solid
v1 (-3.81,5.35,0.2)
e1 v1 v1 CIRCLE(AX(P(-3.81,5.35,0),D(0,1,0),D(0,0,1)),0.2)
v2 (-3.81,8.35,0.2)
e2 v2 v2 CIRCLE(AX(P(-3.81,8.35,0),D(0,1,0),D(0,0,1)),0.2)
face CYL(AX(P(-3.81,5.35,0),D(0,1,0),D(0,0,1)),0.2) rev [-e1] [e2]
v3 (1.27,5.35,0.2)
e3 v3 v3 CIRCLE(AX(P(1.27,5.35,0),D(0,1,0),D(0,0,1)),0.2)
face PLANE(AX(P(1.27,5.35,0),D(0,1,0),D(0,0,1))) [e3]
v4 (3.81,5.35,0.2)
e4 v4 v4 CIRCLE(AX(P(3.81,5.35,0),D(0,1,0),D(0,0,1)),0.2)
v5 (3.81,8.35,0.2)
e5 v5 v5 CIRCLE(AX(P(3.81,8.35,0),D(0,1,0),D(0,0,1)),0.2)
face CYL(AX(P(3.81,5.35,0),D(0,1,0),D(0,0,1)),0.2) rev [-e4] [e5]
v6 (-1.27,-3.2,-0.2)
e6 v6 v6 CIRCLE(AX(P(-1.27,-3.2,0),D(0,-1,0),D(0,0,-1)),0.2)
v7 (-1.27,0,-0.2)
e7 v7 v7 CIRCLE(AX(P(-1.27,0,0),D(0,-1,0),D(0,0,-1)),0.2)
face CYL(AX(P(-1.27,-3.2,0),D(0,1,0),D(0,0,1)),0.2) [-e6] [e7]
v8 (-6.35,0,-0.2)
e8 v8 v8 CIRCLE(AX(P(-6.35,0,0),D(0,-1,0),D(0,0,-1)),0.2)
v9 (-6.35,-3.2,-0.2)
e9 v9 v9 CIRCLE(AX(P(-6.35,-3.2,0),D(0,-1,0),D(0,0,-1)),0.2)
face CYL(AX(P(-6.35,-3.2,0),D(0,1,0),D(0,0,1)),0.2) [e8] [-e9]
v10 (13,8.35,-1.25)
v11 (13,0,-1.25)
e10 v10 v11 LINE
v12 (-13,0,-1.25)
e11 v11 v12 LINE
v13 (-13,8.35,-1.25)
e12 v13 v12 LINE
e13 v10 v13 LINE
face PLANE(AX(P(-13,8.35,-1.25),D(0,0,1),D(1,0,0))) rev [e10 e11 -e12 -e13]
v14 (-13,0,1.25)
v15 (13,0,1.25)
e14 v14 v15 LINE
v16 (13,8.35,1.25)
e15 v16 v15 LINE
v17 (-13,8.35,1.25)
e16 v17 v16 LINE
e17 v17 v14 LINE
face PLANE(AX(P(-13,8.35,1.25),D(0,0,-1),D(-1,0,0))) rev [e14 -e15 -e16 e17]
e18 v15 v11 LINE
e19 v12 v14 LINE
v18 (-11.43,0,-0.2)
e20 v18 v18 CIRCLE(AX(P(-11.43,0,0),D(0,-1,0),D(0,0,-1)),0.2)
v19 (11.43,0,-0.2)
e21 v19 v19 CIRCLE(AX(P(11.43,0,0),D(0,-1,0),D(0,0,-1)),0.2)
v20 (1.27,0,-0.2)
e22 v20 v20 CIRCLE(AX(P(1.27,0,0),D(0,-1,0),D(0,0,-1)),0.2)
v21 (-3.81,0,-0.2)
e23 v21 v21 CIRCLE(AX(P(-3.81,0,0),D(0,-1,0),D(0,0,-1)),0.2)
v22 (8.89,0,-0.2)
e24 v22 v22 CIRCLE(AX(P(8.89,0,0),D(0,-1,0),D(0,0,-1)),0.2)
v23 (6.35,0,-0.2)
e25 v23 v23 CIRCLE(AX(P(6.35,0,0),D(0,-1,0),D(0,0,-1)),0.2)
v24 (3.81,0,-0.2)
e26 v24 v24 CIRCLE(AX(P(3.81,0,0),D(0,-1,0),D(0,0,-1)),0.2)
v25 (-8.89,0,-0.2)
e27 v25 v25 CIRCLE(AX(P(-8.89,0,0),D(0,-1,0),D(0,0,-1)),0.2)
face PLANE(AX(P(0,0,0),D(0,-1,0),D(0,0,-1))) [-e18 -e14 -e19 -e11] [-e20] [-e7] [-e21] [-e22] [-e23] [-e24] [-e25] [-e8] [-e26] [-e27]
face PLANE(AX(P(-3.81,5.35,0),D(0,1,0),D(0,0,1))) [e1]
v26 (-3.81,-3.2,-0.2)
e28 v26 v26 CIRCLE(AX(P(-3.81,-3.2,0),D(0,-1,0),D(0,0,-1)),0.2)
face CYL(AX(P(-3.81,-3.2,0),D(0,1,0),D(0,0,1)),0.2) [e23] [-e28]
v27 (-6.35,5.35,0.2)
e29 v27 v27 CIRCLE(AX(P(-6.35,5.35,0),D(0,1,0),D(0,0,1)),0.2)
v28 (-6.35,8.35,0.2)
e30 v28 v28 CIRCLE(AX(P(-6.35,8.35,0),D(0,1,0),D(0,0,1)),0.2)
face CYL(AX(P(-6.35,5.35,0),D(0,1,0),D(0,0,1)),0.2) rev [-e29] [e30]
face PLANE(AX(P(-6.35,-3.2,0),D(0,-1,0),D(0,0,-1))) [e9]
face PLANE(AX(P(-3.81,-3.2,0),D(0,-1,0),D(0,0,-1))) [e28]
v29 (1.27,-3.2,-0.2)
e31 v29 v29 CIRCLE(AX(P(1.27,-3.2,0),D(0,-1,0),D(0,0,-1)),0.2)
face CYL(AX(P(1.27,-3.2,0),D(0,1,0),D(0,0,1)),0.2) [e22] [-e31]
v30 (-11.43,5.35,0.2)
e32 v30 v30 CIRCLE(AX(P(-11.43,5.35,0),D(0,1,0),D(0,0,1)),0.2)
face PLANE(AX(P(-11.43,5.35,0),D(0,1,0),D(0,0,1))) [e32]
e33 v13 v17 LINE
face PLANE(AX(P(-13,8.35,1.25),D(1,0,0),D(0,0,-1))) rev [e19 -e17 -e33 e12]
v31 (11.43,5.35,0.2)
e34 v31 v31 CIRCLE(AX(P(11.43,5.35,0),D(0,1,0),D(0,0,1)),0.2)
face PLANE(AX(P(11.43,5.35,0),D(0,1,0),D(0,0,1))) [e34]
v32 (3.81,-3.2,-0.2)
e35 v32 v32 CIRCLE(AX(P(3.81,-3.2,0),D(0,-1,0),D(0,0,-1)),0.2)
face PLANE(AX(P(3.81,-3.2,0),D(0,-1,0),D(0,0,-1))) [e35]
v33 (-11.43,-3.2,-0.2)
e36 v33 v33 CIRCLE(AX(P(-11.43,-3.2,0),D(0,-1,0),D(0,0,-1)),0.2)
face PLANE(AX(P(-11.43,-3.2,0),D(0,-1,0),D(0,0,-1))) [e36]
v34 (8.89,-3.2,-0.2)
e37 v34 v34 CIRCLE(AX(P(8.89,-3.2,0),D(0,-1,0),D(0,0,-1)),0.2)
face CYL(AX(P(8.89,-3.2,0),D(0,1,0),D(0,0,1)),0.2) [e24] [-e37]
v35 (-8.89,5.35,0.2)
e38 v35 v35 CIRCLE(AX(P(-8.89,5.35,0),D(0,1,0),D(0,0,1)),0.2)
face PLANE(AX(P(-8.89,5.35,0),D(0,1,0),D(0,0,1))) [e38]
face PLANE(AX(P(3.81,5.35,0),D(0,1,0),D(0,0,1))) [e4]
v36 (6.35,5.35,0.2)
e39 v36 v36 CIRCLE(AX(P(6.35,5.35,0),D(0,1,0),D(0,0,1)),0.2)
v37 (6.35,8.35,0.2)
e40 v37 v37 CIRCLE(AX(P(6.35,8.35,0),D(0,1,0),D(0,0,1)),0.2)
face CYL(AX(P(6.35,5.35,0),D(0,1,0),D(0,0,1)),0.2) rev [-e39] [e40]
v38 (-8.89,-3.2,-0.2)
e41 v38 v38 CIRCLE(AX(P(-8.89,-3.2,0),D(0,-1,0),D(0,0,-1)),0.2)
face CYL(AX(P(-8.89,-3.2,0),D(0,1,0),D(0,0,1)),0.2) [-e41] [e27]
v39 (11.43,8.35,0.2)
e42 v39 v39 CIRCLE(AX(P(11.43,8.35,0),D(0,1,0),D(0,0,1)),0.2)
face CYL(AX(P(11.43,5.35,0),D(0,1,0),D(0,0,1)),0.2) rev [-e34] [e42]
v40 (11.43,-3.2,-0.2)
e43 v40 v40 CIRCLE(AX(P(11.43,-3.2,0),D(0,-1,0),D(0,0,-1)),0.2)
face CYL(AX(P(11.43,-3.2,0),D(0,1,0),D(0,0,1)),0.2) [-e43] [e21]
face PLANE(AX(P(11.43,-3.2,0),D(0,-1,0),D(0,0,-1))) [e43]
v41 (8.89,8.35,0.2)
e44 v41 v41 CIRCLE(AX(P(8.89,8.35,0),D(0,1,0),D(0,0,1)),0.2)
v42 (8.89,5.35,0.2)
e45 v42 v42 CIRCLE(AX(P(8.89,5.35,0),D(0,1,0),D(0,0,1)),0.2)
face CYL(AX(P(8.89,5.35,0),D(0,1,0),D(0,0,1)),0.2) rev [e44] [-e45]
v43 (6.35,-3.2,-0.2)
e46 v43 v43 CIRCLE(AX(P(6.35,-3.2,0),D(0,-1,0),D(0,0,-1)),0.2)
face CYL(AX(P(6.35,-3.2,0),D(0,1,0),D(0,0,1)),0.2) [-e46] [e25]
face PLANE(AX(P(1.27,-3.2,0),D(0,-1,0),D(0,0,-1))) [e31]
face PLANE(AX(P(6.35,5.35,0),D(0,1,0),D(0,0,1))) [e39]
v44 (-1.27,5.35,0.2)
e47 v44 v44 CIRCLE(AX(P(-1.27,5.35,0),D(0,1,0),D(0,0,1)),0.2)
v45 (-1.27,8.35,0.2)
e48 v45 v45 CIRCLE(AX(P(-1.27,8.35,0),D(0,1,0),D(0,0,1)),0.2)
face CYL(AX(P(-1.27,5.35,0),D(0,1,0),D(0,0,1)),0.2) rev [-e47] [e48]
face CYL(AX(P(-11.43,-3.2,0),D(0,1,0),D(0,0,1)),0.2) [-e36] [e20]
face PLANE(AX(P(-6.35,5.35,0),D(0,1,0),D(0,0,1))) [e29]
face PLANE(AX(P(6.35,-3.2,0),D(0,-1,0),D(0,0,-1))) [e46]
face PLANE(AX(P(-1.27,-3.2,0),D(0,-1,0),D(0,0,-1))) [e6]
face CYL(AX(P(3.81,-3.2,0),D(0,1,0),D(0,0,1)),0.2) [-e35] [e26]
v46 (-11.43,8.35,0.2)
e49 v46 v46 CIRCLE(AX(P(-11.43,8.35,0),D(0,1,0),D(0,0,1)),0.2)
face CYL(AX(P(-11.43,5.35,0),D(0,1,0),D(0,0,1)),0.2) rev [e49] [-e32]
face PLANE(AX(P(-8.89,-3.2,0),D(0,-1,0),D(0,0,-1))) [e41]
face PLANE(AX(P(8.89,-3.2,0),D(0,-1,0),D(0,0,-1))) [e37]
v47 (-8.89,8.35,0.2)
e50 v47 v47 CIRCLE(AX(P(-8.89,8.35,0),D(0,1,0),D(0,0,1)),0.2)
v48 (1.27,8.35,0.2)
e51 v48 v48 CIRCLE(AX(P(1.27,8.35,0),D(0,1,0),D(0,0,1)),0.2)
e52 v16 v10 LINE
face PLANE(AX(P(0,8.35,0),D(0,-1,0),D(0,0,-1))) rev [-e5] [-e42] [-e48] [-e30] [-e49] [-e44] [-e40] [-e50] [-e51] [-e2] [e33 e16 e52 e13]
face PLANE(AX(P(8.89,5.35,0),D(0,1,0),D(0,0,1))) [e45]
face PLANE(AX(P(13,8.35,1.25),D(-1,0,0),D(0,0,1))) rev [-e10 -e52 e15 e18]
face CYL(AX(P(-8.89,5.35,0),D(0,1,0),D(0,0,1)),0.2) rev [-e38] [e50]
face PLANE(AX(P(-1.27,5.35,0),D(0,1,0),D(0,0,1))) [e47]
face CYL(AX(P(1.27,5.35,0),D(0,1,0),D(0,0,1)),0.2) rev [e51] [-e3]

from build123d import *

# Parameters (mm, degrees)
SKETCH1_W           = 26
SKETCH1_H           = 2.5
BOSS_EXTRUDE1_DEPTH = 8.35
SKETCH2_R           = 0.2
CUT_EXTRUDE1_DEPTH  = 3
SKETCH3_R           = 0.2
BOSS_EXTRUDE2_DEPTH = 3.2
LPATTERN1_COUNT     = 10
LPATTERN1_PITCH     = 2.54


with BuildPart() as part:
    # Sketch1 → Boss-Extrude1 (new body)
    with BuildSketch(Plane(origin=(0, 0, 0), x_dir=(1, 0, 0), z_dir=(0, 1, 0))):
        Rectangle(SKETCH1_W, SKETCH1_H)
    extrude(amount=BOSS_EXTRUDE1_DEPTH)

    # Sketch2 → Cut-Extrude1 (cut)
    with BuildSketch(Plane(origin=(0, 8.35, 0), x_dir=(1, 0, 0), z_dir=(0, 1, 0))):
        with Locations((-11.43, 0)):
            Circle(SKETCH2_R)
    cut_extrude1 = extrude(amount=-CUT_EXTRUDE1_DEPTH, mode=Mode.SUBTRACT)

    # Sketch3 → Boss-Extrude2 (add)
    with BuildSketch(Plane.XZ):
        with Locations((-11.43, 0)):
            Circle(SKETCH3_R)
    boss_extrude2 = extrude(amount=BOSS_EXTRUDE2_DEPTH)

    # LPattern1: Cut-Extrude1, Boss-Extrude2 ×10
    with Locations(*[(i * LPATTERN1_PITCH, 0, 0) for i in range(1, LPATTERN1_COUNT)]):
        add(cut_extrude1, mode=Mode.SUBTRACT)
        add(boss_extrude2)


solid = part.part
